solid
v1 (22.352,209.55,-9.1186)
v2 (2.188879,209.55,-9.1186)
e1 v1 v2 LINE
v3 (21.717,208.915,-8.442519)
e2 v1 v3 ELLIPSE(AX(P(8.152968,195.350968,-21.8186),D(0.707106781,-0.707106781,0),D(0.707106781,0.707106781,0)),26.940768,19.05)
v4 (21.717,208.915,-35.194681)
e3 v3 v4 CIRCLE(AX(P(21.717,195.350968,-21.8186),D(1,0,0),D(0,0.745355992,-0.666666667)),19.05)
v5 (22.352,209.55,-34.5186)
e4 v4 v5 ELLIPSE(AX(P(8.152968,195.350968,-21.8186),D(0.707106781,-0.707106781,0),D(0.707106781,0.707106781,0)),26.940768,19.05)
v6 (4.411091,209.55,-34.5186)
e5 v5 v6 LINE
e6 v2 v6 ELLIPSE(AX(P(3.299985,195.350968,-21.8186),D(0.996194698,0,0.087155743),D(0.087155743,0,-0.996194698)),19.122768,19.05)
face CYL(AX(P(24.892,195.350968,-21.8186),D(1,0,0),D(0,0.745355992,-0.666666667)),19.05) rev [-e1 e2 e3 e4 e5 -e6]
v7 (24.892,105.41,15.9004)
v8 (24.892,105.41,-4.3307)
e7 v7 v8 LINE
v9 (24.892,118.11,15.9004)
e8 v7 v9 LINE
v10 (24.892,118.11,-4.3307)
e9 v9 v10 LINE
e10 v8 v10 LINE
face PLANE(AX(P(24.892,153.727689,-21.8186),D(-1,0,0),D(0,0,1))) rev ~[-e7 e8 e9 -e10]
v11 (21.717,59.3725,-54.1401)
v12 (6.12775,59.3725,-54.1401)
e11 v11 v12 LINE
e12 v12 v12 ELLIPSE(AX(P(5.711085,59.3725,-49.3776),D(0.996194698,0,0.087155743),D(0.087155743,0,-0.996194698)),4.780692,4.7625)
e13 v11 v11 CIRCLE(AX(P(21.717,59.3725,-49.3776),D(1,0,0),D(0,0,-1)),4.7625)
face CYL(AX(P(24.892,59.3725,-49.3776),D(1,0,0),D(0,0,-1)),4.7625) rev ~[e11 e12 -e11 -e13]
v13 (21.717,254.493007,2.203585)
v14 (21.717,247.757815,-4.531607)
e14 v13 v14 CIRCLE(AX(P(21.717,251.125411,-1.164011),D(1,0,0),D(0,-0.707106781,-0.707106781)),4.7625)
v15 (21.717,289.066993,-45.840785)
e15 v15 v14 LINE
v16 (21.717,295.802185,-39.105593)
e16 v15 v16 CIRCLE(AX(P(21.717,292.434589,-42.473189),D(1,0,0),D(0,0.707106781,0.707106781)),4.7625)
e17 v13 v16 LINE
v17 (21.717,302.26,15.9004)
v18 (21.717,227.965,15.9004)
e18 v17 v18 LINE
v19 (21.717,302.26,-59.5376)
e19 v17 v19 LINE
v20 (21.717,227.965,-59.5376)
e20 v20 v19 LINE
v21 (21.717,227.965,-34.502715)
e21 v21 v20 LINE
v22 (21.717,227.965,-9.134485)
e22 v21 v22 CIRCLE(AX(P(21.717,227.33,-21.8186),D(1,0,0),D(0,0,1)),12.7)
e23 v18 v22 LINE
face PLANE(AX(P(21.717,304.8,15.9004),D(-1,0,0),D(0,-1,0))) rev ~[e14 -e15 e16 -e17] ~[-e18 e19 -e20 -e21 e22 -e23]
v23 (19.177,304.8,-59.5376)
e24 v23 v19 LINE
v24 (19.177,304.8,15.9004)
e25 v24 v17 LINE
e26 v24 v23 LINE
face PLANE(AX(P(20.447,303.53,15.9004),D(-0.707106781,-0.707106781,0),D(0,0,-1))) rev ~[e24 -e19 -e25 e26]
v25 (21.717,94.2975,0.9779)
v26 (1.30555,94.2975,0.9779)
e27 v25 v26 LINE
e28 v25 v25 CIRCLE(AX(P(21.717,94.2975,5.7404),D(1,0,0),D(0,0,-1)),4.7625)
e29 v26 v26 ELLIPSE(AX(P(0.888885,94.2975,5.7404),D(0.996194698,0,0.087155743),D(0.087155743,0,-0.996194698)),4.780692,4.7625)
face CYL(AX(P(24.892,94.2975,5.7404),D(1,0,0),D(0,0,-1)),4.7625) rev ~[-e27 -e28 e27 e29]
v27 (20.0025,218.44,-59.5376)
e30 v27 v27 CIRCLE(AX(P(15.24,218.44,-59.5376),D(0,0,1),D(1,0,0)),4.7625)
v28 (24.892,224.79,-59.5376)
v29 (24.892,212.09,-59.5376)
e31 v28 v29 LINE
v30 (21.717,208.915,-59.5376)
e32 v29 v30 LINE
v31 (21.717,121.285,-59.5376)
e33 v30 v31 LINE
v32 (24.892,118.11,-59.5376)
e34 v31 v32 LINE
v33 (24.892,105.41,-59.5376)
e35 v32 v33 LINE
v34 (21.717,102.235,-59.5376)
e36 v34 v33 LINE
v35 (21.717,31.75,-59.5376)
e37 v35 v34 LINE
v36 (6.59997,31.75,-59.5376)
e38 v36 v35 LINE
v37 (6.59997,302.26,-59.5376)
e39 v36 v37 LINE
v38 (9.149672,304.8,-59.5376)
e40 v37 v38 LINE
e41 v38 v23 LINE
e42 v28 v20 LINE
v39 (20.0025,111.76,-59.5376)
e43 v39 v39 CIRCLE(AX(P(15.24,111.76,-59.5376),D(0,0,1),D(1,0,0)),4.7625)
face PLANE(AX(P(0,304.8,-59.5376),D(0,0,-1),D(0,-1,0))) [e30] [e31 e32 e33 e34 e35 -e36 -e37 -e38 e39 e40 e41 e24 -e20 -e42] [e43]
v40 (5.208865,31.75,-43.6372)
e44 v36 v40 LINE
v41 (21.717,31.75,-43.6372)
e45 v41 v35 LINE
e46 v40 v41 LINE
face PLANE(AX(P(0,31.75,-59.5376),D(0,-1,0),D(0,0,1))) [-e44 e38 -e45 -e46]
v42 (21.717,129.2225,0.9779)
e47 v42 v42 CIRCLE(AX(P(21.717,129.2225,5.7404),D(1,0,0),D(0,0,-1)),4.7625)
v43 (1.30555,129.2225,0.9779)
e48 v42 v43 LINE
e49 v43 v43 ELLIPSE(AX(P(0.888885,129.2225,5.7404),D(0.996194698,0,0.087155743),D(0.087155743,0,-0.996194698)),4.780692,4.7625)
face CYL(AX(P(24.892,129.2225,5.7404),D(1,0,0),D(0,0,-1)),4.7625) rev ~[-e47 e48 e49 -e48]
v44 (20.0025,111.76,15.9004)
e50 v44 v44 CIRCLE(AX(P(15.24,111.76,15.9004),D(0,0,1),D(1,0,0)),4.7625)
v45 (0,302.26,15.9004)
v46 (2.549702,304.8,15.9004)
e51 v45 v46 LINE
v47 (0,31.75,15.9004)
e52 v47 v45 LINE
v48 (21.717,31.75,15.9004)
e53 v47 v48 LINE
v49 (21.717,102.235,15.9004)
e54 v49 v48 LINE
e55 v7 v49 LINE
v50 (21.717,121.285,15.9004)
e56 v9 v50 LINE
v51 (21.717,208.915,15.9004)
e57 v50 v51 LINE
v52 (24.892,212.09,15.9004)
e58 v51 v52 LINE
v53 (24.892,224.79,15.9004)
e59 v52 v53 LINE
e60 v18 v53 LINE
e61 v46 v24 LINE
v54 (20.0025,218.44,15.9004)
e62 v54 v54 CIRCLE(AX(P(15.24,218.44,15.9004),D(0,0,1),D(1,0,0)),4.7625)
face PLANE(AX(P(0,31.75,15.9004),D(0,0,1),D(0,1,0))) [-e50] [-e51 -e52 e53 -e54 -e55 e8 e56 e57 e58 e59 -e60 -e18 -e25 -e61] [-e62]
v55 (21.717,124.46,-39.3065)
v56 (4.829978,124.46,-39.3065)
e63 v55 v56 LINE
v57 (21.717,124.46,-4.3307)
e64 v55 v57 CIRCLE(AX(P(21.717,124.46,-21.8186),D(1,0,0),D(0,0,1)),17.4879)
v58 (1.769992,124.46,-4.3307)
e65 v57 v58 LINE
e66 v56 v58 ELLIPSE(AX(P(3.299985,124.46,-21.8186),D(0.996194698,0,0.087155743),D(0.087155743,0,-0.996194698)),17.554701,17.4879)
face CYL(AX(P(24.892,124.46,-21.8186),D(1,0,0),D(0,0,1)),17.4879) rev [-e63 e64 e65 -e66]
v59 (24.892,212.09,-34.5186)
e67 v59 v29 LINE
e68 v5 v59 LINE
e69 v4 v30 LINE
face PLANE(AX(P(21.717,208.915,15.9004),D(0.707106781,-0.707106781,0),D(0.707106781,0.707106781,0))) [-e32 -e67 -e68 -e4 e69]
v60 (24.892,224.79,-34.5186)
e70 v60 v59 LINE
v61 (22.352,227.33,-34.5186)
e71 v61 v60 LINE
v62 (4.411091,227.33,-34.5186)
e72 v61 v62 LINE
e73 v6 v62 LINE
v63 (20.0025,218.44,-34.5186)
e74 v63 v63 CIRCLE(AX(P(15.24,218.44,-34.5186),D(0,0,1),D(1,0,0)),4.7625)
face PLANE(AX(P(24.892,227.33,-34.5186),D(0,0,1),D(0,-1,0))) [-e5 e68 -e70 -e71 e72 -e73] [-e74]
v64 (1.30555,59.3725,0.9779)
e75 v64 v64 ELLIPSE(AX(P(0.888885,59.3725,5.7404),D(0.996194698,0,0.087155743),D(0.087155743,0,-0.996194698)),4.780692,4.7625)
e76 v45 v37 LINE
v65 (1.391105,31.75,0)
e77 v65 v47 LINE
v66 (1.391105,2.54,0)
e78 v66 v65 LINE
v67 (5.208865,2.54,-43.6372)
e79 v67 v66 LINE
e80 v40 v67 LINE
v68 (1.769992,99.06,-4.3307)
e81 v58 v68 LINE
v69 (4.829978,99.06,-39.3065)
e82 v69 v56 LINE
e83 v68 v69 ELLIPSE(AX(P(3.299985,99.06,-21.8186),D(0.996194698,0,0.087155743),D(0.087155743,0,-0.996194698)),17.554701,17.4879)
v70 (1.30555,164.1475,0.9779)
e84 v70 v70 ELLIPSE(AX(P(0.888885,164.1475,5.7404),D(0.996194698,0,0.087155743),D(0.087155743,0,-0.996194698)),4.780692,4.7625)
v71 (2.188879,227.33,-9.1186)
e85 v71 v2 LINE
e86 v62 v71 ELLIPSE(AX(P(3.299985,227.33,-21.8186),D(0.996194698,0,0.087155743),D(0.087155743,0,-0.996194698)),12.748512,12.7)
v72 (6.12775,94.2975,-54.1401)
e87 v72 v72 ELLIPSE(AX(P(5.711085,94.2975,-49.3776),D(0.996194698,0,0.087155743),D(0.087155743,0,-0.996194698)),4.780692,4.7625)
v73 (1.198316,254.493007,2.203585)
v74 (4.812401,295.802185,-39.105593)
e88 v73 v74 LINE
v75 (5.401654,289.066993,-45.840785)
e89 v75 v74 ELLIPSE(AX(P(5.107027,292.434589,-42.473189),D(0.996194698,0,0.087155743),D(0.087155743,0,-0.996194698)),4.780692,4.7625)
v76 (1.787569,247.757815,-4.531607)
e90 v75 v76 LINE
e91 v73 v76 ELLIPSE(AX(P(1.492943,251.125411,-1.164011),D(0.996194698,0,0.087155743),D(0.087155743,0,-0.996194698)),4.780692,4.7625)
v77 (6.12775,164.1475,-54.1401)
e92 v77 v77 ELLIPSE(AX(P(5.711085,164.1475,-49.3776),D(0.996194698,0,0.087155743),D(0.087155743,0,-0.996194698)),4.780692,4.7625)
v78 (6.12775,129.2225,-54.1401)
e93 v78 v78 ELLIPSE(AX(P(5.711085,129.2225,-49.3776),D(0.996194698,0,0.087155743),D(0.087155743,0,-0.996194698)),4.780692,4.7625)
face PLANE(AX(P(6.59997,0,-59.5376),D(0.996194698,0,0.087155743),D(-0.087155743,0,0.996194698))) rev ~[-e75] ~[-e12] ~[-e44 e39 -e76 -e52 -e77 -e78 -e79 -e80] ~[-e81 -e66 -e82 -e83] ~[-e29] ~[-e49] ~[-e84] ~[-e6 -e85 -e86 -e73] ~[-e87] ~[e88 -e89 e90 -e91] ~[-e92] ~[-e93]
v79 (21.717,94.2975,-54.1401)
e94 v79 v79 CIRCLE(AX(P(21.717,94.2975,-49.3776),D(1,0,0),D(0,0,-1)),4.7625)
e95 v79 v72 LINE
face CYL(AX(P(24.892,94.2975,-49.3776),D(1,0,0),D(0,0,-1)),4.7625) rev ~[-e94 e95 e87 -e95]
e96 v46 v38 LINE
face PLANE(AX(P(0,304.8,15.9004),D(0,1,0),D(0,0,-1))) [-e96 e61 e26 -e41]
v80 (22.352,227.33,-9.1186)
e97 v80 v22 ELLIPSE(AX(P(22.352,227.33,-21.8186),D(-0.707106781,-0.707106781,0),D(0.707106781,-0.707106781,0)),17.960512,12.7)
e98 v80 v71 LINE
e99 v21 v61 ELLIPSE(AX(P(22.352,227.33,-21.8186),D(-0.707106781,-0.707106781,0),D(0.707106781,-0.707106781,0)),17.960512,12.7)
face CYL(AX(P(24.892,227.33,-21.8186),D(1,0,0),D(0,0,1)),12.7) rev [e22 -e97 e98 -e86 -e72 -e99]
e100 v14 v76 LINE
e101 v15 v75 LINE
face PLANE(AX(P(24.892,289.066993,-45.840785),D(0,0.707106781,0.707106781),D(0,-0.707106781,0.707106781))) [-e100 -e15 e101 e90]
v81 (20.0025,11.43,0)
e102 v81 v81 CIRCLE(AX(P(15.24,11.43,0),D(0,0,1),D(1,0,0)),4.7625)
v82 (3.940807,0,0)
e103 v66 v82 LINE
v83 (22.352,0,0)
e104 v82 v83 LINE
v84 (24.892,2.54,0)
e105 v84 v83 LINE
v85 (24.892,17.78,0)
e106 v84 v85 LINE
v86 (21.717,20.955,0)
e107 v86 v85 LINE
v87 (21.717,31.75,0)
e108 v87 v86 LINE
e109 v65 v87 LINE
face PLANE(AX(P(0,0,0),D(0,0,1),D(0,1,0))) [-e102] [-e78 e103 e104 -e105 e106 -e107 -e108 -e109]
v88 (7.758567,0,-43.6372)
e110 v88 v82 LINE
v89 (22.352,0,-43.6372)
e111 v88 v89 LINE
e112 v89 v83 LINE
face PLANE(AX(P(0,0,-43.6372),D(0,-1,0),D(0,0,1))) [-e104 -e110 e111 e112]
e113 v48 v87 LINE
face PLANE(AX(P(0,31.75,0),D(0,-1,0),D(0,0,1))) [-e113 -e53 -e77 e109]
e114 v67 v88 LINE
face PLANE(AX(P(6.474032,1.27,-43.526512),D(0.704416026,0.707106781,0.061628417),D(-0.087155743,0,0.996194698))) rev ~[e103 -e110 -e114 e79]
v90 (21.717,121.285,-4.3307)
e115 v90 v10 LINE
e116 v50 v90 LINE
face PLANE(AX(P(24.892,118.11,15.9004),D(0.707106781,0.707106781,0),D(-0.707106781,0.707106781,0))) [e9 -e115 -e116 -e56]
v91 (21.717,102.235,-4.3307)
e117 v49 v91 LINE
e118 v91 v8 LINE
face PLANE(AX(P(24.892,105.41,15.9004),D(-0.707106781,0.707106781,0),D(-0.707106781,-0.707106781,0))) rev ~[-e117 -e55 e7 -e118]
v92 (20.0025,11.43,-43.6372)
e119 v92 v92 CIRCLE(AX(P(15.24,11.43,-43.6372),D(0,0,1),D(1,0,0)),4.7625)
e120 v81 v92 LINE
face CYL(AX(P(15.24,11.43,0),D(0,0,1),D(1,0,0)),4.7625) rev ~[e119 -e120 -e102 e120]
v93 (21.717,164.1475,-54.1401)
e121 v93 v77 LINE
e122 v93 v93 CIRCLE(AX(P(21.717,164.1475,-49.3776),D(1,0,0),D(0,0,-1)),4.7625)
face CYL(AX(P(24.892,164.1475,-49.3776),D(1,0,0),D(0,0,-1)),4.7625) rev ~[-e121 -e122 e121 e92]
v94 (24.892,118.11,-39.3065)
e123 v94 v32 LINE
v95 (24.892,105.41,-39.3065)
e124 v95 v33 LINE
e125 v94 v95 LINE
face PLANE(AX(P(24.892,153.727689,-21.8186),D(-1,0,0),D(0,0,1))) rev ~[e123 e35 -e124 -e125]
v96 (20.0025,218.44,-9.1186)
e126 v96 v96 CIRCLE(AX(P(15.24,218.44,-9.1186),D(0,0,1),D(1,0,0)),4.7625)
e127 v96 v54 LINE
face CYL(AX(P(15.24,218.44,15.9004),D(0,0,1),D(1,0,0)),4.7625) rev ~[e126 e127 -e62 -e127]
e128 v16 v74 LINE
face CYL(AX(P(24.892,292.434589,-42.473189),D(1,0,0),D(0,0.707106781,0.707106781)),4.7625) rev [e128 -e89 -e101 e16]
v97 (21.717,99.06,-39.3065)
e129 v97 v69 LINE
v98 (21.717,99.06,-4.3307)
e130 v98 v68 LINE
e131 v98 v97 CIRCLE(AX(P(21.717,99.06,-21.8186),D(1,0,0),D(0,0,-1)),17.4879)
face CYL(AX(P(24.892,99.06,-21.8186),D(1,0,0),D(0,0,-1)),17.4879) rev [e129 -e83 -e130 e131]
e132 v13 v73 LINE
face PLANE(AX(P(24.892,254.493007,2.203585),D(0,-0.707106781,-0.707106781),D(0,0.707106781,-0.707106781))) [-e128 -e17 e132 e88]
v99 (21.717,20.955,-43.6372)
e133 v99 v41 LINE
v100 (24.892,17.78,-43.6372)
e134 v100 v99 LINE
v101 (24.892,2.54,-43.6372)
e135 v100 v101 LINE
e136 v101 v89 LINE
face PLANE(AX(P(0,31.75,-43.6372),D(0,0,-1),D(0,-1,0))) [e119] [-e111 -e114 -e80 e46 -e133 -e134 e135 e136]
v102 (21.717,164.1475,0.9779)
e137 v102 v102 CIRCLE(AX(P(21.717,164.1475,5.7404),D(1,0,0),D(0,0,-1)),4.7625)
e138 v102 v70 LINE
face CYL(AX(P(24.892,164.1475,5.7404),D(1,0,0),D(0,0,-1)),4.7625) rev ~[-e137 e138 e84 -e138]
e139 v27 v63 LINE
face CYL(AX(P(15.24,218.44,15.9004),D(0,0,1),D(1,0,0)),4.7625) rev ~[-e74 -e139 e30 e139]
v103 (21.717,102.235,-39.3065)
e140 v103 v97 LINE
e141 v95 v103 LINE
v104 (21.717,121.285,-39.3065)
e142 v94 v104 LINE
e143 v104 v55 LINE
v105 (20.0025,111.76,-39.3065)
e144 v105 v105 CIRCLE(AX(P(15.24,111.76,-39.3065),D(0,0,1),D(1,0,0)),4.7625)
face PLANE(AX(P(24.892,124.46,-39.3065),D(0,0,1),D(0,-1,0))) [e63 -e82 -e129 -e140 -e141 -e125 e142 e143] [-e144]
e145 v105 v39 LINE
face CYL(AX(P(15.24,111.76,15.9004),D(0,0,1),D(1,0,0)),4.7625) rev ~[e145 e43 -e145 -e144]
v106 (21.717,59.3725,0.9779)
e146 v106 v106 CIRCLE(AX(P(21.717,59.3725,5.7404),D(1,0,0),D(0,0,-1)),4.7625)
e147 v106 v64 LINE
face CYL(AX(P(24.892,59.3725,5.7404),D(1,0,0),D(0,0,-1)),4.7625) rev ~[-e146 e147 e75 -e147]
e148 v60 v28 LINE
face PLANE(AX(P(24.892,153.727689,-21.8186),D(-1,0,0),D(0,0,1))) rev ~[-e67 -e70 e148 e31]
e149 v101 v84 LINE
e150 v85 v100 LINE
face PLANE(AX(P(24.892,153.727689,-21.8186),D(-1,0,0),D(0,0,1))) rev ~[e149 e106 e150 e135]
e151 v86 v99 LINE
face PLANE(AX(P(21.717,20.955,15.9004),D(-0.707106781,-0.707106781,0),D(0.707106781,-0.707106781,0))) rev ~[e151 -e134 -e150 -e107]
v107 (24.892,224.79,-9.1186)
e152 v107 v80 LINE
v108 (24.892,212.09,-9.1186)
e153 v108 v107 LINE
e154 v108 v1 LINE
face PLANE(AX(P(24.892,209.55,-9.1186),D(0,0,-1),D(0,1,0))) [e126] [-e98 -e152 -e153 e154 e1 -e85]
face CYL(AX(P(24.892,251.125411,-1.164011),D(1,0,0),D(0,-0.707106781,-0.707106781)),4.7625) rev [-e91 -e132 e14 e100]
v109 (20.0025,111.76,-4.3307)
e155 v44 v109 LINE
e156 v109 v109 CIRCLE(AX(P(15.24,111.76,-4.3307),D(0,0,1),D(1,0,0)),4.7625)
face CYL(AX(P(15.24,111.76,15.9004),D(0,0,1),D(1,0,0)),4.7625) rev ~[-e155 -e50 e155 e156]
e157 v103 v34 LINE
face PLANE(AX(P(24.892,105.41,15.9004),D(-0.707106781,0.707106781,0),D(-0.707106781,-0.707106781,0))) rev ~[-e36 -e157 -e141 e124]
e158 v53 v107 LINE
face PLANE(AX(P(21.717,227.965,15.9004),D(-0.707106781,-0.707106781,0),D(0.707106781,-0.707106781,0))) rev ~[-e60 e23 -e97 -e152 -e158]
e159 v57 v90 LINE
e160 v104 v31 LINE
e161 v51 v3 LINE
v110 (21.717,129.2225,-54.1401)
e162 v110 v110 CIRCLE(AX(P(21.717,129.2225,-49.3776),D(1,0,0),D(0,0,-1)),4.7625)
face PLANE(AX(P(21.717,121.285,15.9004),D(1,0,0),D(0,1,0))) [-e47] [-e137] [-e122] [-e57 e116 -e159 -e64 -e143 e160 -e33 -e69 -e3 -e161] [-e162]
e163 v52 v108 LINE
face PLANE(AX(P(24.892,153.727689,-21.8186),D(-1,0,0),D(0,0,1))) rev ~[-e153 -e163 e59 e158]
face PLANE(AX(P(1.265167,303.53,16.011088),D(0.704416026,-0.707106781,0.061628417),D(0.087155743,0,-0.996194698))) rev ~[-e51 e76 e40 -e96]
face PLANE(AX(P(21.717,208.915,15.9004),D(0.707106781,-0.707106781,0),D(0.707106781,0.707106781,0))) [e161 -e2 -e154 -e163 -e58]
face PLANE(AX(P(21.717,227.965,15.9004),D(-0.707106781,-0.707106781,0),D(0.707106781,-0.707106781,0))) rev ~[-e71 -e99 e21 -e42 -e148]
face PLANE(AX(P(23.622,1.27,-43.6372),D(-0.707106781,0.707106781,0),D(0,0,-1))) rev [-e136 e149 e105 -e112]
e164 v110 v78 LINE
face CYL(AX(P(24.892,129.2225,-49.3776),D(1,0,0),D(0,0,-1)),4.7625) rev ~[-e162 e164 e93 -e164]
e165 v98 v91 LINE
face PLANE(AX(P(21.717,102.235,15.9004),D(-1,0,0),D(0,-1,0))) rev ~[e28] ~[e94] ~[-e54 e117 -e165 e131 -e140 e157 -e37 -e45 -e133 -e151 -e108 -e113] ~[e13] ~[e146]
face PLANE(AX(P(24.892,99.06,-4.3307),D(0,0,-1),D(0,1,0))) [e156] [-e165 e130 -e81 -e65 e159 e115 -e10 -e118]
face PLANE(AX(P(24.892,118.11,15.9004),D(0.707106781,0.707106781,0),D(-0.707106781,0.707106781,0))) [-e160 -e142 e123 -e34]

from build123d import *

# Parameters (mm, degrees)
BOSS_EXTRUDE1_DEPTH = 24.892
CUT_EXTRUDE8_DEPTH  = 25.892
CUT_EXTRUDE6_DEPTH  = 305.8
SKETCH9_R           = 4.7625
CUT_EXTRUDE7_DEPTH  = 76.2
SKETCH2_R           = 4.7625
CUT_EXTRUDE1_DEPTH  = 76.438
SKETCH3_R           = 4.7625
CUT_EXTRUDE2_DEPTH  = 60.5376
CUT_EXTRUDE9_DEPTH  = 25.892
CUT_EXTRUDE10_DEPTH = 76.438
SKETCH6_R           = 4.7625
CUT_EXTRUDE4_DEPTH  = 25.892
LPATTERN1_COUNT     = 3
LPATTERN1_PITCH     = 34.925
LPATTERN1_COL_COUNT = 2
LPATTERN1_COL_PITCH = 34.925
CHAMFER1_SIZE       = 2.54


with BuildPart() as part:
    # Sketch1 → Boss-Extrude1 (new body)
    with BuildSketch(Plane(origin=(0, 0, 0), x_dir=(0, 0, -1), z_dir=(1, 0, 0))):
        Polygon((0, 0), (0, 31.75), (-15.9004, 31.75), (-15.9004, 304.8), (59.5376, 304.8), (59.5376, 31.75), (43.6372, 31.75), (43.6372, 0), align=None)
    extrude(amount=BOSS_EXTRUDE1_DEPTH)

    # Sketch11 → Cut-Extrude8 (cut, through all)
    with BuildSketch(Plane(origin=(24.892, 0, 0), x_dir=(0, 0, -1), z_dir=(1, 0, 0))):
        with BuildLine():
            Line((39.3065, 124.46), (39.3065, 99.06))
            ThreePointArc((39.3065, 99.06), (21.8186, 81.5721), (4.3307, 99.06))
            Line((4.3307, 99.06), (4.3307, 124.46))
            ThreePointArc((4.3307, 124.46), (21.8186, 141.9479), (39.3065, 124.46))
        make_face()
        with BuildLine():
            Line((34.5186, 227.33), (34.5186, 209.55))
            ThreePointArc((34.5186, 209.55), (21.8186, 176.300968343), (9.1186, 209.55))
            Line((9.1186, 209.55), (9.1186, 227.33))
            ThreePointArc((9.1186, 227.33), (21.8186, 240.03), (34.5186, 227.33))
        make_face()
    extrude(amount=-CUT_EXTRUDE8_DEPTH, mode=Mode.SUBTRACT)

    # Sketch8 → Cut-Extrude6 (cut, through all)
    with BuildSketch(Plane(origin=(0, 0, 0), x_dir=(1, 0, 0), z_dir=(0, 1, 0))):
        Polygon((0, 59.5376), (6.599969799, 59.5376), (0, -15.9004), align=None)
    extrude(amount=CUT_EXTRUDE6_DEPTH, mode=Mode.SUBTRACT)

    # Sketch9 → Cut-Extrude7 (cut, symmetric)
    with BuildSketch(Plane.XY.offset(15.9004)):
        with Locations((15.24, 218.44)):
            Circle(SKETCH9_R)
    extrude(amount=CUT_EXTRUDE7_DEPTH, both=True, mode=Mode.SUBTRACT)

    # Sketch2 → Cut-Extrude1 (cut, through all)
    with BuildSketch(Plane.XY.offset(15.9004)):
        with Locations((15.24, 111.76)):
            Circle(SKETCH2_R)
    extrude(amount=-CUT_EXTRUDE1_DEPTH, mode=Mode.SUBTRACT)

    # Sketch3 → Cut-Extrude2 (cut, through all)
    with BuildSketch(Plane.XY):
        with Locations((15.24, 11.43)):
            Circle(SKETCH3_R)
    extrude(amount=-CUT_EXTRUDE2_DEPTH, mode=Mode.SUBTRACT)

    # Sketch12 → Cut-Extrude9 (cut, through all)
    with BuildSketch(Plane(origin=(24.892, 0, 0), x_dir=(0, 0, -1), z_dir=(1, 0, 0))):
        with BuildLine():
            Line((-2.203585124, 254.493006967), (39.105593033, 295.802185124))
            ThreePointArc((39.105593033, 295.802185124), (45.840785124, 295.802185124), (45.840785124, 289.066993033))
            Line((45.840785124, 289.066993033), (4.531606967, 247.757814876))
            ThreePointArc((4.531606967, 247.757814876), (-2.203585124, 247.757814876), (-2.203585124, 254.493006967))
        make_face()
    extrude(amount=-CUT_EXTRUDE9_DEPTH, mode=Mode.SUBTRACT)

    # Sketch13 → Cut-Extrude10 (cut, through all)
    with BuildSketch(Plane.XY.offset(15.9004)):
        Polygon((24.892, 304.8), (21.717, 304.8), (21.717, 227.965), (24.892, 224.79), align=None)
        Polygon((21.717, 121.285), (21.717, 208.915), (24.892, 212.09), (24.892, 118.11), align=None)
        Polygon((24.892, 17.78), (24.892, 105.41), (21.717, 102.235), (21.717, 20.955), align=None)
    extrude(amount=-CUT_EXTRUDE10_DEPTH, mode=Mode.SUBTRACT)

    # Sketch6 → Cut-Extrude4 (cut, through all)
    with BuildSketch(Plane(origin=(24.892, 0, 0), x_dir=(0, 0, -1), z_dir=(1, 0, 0))):
        with Locations((-5.7404, 94.2975)):
            Circle(SKETCH6_R)
        with Locations((49.3776, 94.2975)):
            Circle(SKETCH6_R)
    cut_extrude4 = extrude(amount=-CUT_EXTRUDE4_DEPTH, mode=Mode.SUBTRACT)

    # LPattern1: Cut-Extrude4 ×3
    with Locations(*[(0, i * LPATTERN1_PITCH, 0) for i in range(1, LPATTERN1_COUNT)]):
        add(cut_extrude4, mode=Mode.SUBTRACT)

    # LPattern1 col: Cut-Extrude4 ×2
    with Locations(*[(0, -i * LPATTERN1_COL_PITCH, 0) for i in range(1, LPATTERN1_COL_COUNT)]):
        add(cut_extrude4, mode=Mode.SUBTRACT)

    # Chamfer1
    chamfer1_edges = [part.edges().sort_by_distance(p)[0] for p in [
        (21.717, 304.8, -21.8186),
        (24.892, 0, -21.8186),
        (3.2999849, 0, -21.8186),
        (3.2999849, 304.8, -21.8186),
    ]]
    chamfer(chamfer1_edges, length=CHAMFER1_SIZE)


solid = part.part
